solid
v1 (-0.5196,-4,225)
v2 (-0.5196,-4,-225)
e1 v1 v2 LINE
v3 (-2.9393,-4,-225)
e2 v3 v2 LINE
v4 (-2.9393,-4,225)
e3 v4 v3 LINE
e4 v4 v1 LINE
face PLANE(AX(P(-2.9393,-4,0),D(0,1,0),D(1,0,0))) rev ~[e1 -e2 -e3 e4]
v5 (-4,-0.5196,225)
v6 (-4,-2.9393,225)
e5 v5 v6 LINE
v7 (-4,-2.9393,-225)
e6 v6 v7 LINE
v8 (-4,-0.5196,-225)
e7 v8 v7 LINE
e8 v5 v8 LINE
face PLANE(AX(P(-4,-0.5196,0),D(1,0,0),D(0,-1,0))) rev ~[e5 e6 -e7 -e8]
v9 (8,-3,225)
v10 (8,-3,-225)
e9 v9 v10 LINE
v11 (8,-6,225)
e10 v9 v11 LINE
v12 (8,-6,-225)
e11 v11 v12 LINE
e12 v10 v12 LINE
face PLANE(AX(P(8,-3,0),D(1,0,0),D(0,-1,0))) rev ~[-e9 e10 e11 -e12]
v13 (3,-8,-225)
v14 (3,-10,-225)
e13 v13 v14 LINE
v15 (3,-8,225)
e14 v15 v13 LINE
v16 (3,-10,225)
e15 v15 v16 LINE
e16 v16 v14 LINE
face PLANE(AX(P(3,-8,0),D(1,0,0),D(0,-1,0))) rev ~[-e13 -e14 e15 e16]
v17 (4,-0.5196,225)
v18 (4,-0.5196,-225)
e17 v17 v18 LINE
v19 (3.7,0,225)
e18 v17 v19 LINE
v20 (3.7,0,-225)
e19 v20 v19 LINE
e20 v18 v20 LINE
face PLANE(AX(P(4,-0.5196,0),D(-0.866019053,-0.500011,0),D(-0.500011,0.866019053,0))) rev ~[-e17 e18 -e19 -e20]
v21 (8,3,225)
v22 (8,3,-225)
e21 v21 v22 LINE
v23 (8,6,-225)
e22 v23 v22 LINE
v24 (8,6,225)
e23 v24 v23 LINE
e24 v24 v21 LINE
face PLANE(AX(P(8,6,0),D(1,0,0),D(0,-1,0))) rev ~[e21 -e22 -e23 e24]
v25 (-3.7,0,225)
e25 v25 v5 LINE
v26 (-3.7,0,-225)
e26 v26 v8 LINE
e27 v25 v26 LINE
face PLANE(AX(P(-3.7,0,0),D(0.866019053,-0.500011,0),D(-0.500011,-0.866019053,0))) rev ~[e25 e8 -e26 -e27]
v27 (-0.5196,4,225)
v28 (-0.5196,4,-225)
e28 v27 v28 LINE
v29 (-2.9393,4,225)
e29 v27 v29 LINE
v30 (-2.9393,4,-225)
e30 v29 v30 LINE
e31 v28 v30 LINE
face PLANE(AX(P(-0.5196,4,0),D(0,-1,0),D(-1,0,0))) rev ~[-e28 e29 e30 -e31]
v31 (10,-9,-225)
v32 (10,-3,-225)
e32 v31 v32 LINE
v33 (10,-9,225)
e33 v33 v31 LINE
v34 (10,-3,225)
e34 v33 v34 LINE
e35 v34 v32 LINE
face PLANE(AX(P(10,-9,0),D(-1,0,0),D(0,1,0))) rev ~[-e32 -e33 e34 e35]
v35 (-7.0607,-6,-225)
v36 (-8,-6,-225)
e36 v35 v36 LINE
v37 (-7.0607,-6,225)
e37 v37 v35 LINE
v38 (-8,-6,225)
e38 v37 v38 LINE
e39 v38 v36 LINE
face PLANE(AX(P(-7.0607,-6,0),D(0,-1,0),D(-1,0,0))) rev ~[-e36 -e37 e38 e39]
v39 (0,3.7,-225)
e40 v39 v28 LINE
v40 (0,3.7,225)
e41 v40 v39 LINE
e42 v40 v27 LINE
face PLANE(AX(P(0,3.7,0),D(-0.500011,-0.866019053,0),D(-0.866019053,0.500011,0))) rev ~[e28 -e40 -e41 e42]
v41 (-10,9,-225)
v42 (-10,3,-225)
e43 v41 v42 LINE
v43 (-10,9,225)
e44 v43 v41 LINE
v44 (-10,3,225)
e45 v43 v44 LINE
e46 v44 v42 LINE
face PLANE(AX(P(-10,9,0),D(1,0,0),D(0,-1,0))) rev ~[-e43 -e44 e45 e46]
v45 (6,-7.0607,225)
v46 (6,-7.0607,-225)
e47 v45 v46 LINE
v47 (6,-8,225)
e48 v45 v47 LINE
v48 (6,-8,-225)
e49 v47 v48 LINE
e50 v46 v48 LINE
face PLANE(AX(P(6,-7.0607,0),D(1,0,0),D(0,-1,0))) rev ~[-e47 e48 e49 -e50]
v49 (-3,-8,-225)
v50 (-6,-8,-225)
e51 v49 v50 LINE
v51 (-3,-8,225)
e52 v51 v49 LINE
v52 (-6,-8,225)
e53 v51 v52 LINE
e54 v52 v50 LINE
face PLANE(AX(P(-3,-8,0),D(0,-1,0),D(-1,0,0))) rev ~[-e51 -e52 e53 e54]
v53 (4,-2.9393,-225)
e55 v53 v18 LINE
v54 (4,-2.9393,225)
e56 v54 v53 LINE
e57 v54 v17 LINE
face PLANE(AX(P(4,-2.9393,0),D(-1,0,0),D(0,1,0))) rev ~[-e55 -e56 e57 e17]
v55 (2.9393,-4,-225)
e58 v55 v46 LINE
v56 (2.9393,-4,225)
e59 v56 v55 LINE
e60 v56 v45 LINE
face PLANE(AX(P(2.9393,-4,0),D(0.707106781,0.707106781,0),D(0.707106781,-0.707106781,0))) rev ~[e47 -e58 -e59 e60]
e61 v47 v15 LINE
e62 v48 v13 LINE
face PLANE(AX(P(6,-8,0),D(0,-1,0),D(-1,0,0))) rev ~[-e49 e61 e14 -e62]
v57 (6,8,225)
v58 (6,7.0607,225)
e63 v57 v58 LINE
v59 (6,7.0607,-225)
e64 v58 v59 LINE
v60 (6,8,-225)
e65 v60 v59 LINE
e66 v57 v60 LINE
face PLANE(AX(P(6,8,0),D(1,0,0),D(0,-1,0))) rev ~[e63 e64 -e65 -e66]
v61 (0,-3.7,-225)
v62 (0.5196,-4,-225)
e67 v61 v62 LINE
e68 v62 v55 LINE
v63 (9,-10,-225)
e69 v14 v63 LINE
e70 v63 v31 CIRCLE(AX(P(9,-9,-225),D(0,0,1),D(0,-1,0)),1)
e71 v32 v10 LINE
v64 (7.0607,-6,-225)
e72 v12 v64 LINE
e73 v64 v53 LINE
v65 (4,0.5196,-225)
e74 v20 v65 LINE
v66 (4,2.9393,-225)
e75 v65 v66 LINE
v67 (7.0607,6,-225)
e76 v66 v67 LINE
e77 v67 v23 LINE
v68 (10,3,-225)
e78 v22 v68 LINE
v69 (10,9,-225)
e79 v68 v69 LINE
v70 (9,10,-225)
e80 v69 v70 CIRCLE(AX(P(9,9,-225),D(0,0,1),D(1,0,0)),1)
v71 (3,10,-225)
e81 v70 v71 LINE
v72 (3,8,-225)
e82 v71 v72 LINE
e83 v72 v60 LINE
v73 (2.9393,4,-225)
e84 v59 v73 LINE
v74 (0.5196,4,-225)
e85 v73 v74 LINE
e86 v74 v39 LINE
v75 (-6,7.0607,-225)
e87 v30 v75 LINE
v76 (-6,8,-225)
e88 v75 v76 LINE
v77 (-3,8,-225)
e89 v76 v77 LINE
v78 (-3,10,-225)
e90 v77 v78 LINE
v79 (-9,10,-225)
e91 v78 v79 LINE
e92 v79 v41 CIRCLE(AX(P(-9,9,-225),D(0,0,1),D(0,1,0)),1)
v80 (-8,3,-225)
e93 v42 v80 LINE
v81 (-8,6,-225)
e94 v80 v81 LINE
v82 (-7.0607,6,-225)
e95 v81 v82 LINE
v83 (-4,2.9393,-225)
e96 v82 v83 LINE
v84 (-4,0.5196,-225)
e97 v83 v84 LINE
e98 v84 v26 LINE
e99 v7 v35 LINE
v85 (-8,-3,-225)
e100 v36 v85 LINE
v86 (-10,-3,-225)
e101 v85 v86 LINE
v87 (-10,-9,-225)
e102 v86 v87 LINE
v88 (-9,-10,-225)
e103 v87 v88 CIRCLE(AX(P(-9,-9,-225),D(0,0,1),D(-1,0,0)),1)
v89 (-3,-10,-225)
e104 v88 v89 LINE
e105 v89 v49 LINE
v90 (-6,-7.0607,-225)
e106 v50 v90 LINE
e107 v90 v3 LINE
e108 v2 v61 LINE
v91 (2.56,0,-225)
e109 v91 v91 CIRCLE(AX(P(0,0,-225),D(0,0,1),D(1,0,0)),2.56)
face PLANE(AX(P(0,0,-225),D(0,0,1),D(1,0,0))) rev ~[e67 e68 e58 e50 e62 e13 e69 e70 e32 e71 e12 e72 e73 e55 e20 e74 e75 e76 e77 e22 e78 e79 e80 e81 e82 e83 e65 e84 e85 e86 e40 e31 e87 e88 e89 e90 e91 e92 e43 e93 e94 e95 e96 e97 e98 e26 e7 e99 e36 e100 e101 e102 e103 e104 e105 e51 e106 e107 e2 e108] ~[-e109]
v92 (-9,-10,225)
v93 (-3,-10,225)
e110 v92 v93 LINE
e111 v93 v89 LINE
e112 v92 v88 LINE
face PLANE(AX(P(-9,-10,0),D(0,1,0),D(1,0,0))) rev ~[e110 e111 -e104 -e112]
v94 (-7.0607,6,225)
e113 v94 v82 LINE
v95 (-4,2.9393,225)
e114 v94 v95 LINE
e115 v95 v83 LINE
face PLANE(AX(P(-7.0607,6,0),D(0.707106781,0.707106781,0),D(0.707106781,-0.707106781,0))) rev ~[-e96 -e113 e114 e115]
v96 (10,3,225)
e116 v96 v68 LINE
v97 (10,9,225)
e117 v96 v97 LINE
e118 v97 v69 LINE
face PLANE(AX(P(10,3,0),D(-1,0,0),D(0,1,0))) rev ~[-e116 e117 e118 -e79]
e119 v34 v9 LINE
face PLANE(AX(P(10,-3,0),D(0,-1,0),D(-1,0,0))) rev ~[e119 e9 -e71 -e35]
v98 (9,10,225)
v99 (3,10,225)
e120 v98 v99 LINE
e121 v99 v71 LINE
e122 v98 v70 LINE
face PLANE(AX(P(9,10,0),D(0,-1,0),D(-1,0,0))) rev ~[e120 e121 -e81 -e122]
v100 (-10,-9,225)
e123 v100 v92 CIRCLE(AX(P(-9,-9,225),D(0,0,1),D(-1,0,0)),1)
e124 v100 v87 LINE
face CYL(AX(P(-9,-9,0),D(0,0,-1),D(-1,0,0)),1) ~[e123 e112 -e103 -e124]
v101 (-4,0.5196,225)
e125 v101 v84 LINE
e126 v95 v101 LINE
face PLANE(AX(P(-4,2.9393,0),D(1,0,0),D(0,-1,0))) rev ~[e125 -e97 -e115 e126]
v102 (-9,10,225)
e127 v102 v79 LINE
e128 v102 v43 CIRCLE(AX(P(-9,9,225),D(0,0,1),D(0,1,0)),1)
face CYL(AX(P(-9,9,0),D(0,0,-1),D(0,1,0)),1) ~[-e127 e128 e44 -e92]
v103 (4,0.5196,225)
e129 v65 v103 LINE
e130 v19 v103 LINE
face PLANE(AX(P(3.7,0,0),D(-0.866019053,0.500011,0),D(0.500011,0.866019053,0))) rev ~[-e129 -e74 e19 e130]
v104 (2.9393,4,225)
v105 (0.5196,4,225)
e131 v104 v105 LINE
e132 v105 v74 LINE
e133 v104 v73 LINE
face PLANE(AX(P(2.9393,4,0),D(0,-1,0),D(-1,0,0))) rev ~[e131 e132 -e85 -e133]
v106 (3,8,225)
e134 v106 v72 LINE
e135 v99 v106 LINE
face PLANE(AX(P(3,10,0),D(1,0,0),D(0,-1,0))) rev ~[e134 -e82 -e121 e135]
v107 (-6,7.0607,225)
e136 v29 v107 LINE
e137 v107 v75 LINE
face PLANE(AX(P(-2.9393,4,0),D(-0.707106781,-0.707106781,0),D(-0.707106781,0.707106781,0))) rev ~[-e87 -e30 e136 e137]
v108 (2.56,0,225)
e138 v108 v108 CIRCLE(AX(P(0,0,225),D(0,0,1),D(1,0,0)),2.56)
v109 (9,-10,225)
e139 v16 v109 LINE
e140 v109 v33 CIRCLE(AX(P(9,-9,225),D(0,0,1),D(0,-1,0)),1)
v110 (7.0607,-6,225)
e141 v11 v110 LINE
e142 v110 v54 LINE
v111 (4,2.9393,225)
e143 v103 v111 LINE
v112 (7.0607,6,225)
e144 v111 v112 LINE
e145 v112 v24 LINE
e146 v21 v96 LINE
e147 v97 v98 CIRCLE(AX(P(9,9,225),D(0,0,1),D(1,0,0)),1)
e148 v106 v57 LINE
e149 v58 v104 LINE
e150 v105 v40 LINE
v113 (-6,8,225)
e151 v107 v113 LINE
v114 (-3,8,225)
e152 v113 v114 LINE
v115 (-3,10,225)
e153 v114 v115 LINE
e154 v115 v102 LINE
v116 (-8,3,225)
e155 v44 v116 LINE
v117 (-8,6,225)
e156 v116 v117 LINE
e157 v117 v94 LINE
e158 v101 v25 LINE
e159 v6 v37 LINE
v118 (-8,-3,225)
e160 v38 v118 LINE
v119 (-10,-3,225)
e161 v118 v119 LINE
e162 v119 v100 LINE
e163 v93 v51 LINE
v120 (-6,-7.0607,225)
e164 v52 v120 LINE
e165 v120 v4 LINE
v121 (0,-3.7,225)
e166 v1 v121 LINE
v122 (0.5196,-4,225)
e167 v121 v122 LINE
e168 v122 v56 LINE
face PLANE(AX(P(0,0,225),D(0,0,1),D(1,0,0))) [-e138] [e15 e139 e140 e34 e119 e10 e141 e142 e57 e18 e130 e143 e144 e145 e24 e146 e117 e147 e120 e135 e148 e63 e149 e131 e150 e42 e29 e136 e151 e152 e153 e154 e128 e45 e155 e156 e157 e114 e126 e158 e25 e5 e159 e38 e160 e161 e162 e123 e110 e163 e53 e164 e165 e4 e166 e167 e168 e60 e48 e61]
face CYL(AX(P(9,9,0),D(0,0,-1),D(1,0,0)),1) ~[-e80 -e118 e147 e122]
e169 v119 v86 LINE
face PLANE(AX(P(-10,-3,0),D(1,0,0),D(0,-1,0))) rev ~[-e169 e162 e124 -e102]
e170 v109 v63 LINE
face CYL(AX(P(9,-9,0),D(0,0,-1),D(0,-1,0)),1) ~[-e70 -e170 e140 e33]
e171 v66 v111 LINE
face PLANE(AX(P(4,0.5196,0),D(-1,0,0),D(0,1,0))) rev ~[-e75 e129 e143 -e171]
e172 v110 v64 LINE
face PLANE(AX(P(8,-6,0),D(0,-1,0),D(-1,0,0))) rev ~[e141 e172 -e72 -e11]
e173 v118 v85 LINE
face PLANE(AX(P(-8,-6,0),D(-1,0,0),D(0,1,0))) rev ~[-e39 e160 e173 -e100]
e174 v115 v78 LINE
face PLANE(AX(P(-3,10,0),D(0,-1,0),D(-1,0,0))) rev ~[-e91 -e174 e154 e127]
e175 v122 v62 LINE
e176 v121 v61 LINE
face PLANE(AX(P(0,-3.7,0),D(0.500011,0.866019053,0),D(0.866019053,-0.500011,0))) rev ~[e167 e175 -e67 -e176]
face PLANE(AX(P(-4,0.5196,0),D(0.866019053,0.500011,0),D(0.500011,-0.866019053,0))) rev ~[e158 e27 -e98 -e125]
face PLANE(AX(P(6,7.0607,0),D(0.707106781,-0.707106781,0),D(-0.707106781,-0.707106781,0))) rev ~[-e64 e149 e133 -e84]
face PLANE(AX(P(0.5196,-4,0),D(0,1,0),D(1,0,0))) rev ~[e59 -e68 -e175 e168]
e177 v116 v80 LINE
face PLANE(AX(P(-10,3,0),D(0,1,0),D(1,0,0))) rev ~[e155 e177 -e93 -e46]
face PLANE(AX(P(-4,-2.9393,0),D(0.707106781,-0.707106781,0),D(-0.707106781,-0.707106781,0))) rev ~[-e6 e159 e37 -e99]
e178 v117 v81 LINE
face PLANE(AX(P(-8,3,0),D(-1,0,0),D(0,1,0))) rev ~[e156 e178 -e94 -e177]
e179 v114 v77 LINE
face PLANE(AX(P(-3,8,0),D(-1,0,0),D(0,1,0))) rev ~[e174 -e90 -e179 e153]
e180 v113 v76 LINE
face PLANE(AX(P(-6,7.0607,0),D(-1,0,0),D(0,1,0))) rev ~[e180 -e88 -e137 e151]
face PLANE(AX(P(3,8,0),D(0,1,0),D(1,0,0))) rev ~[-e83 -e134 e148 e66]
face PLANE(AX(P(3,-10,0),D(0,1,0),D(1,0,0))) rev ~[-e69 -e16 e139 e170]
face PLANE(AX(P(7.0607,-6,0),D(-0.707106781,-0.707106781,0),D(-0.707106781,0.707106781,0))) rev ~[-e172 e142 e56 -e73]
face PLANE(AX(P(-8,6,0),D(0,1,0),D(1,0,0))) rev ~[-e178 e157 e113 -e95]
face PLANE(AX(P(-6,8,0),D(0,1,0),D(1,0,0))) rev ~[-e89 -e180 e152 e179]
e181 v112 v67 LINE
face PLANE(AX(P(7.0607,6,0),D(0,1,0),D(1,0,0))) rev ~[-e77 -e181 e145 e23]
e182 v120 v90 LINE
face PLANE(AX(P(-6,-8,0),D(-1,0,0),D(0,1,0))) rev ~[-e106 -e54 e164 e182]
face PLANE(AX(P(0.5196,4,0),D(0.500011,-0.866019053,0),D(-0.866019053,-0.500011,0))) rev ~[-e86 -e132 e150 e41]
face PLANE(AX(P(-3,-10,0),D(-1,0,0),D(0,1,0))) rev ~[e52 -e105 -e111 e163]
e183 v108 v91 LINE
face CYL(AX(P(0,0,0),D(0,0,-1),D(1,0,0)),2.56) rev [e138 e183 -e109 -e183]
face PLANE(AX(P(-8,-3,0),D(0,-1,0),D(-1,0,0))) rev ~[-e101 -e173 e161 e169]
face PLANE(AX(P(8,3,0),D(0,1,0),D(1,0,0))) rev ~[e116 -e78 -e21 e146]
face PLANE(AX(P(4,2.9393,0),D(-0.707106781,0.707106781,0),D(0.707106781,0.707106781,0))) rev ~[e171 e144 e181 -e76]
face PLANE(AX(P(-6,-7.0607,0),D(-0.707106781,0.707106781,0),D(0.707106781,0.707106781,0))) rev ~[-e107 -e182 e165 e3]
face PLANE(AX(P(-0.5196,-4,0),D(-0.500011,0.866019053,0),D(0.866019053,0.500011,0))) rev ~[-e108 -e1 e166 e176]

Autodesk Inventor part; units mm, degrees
ref_plane "YZ Plane" through (0, 0, 0) normal (1, 0, 0) x (0, 1, 0)
ref_plane "XZ Plane" through (0, 0, 0) normal (0, 1, 0) x (-1, 0, 0)
ref_plane "XY Plane" through (0, 0, 0) normal (0, 0, 1) x (1, 0, 0)
sketch "Skizze1" plane through (0, 0, 0) normal (0, 0, 1) x (1, 0, 0)
  line L0 (3.7, 0) -> (4, 0.5196)
  line L1 (4, 0.5196) -> (4, 2.9393)
  line L2 (4, 2.9393) -> (7.0607, 6)
  line L3 (7.0607, 6) -> (8, 6)
  line L4 (8, 6) -> (8, 3)
  line L5 (8, 3) -> (10, 3)
  line L6 (10, 3) -> (10, 9)
  arc A0 (10, 9) -> (9, 10) centre (9, 9) ccw
  line L7 (9, 10) -> (3, 10)
  line L8 (3, 10) -> (3, 8)
  line L9 (3, 8) -> (6, 8)
  line L10 (6, 8) -> (6, 7.0607)
  line L11 (6, 7.0607) -> (2.9393, 4)
  line L12 (2.9393, 4) -> (0.5196, 4)
  line L13 (0.5196, 4) -> (0, 3.7)
  circle A1 centre (0, 0) radius 2.56
  line L14 (0, 0) -> (9.7071, 9.7071) construction
  line L15 (-14.2899, 0) -> (14.2899, 0) construction
  line L16 (0, -14.2899) -> (0, 14.2899) construction
  line L17 (0, 3.7) -> (-0.5196, 4)
  line L18 (-0.5196, 4) -> (-2.9393, 4)
  line L19 (-3, 8) -> (-3, 10)
  line L20 (-4, 0.5196) -> (-3.7, 0)
  line L21 (-4, 2.9393) -> (-4, 0.5196)
  line L22 (-6, 7.0607) -> (-6, 8)
  line L23 (-6, 8) -> (-3, 8)
  line L24 (-7.0607, 6) -> (-4, 2.9393)
  line L25 (0, 0) -> (-9.7071, 9.7071) construction
  line L26 (-8, 6) -> (-7.0607, 6)
  line L27 (-2.9393, 4) -> (-6, 7.0607)
  line L28 (-8, 3) -> (-8, 6)
  line L29 (-10, 3) -> (-8, 3)
  arc A2 (-9, 10) -> (-10, 9) centre (-9, 9) ccw
  line L30 (-10, 9) -> (-10, 3)
  line L31 (-3, 10) -> (-9, 10)
  line L32 (-3.7, 0) -> (-4, -0.5196)
  line L33 (-4, -0.5196) -> (-4, -2.9393)
  line L34 (-8, -3) -> (-10, -3)
  line L35 (-0.5196, -4) -> (0, -3.7)
  line L36 (-2.9393, -4) -> (-0.5196, -4)
  line L37 (-7.0607, -6) -> (-8, -6)
  line L38 (-8, -6) -> (-8, -3)
  line L39 (-6, -7.0607) -> (-2.9393, -4)
  line L40 (0, 0) -> (-9.7071, -9.7071) construction
  line L41 (-6, -8) -> (-6, -7.0607)
  line L42 (-4, -2.9393) -> (-7.0607, -6)
  line L43 (-3, -8) -> (-6, -8)
  line L44 (-3, -10) -> (-3, -8)
  arc A3 (-10, -9) -> (-9, -10) centre (-9, -9) ccw
  line L45 (-9, -10) -> (-3, -10)
  line L46 (-10, -3) -> (-10, -9)
  line L47 (0, -3.7) -> (0.5196, -4)
  line L48 (0.5196, -4) -> (2.9393, -4)
  line L49 (3, -8) -> (3, -10)
  line L50 (4, -0.5196) -> (3.7, 0)
  line L51 (4, -2.9393) -> (4, -0.5196)
  line L52 (6, -7.0607) -> (6, -8)
  line L53 (6, -8) -> (3, -8)
  line L54 (7.0607, -6) -> (4, -2.9393)
  line L55 (0, 0) -> (9.7071, -9.7071) construction
  line L56 (8, -6) -> (7.0607, -6)
  line L57 (2.9393, -4) -> (6, -7.0607)
  line L58 (8, -3) -> (8, -6)
  line L59 (10, -3) -> (8, -3)
  arc A4 (9, -10) -> (10, -9) centre (9, -9) ccw
  line L60 (10, -9) -> (10, -3)
  line L61 (3, -10) -> (9, -10)
  point P0 (-3.7, 0)
  point P1 (0, -3.7)
  dimension "d14" = 1.5
  dimension "d15" = 3
  dimension "d16" = 4
  dimension "d17" = 0.3
  dimension "d18" = 2
  dimension "d19" = 6
  dimension "d20" = 10
  dimension "d21" = 10
  dimension "d22" = 2
  dimension "d23" = 3
  dimension "d24" = 6
  dimension "d25" = 1
  dimension "d26" = 4
  dimension "d27" = 0.3
  dimension "d28" = 0.5196
  dimension "d29" = 0.5196
  dimension "d30" = 5.12
  dimension "d33" = 360
extrude "Extrusion1" add sketch "Skizze1" along normal mid plane 450
properties part number "Extrusion_20x20x450" material "Aluminium 6061"
